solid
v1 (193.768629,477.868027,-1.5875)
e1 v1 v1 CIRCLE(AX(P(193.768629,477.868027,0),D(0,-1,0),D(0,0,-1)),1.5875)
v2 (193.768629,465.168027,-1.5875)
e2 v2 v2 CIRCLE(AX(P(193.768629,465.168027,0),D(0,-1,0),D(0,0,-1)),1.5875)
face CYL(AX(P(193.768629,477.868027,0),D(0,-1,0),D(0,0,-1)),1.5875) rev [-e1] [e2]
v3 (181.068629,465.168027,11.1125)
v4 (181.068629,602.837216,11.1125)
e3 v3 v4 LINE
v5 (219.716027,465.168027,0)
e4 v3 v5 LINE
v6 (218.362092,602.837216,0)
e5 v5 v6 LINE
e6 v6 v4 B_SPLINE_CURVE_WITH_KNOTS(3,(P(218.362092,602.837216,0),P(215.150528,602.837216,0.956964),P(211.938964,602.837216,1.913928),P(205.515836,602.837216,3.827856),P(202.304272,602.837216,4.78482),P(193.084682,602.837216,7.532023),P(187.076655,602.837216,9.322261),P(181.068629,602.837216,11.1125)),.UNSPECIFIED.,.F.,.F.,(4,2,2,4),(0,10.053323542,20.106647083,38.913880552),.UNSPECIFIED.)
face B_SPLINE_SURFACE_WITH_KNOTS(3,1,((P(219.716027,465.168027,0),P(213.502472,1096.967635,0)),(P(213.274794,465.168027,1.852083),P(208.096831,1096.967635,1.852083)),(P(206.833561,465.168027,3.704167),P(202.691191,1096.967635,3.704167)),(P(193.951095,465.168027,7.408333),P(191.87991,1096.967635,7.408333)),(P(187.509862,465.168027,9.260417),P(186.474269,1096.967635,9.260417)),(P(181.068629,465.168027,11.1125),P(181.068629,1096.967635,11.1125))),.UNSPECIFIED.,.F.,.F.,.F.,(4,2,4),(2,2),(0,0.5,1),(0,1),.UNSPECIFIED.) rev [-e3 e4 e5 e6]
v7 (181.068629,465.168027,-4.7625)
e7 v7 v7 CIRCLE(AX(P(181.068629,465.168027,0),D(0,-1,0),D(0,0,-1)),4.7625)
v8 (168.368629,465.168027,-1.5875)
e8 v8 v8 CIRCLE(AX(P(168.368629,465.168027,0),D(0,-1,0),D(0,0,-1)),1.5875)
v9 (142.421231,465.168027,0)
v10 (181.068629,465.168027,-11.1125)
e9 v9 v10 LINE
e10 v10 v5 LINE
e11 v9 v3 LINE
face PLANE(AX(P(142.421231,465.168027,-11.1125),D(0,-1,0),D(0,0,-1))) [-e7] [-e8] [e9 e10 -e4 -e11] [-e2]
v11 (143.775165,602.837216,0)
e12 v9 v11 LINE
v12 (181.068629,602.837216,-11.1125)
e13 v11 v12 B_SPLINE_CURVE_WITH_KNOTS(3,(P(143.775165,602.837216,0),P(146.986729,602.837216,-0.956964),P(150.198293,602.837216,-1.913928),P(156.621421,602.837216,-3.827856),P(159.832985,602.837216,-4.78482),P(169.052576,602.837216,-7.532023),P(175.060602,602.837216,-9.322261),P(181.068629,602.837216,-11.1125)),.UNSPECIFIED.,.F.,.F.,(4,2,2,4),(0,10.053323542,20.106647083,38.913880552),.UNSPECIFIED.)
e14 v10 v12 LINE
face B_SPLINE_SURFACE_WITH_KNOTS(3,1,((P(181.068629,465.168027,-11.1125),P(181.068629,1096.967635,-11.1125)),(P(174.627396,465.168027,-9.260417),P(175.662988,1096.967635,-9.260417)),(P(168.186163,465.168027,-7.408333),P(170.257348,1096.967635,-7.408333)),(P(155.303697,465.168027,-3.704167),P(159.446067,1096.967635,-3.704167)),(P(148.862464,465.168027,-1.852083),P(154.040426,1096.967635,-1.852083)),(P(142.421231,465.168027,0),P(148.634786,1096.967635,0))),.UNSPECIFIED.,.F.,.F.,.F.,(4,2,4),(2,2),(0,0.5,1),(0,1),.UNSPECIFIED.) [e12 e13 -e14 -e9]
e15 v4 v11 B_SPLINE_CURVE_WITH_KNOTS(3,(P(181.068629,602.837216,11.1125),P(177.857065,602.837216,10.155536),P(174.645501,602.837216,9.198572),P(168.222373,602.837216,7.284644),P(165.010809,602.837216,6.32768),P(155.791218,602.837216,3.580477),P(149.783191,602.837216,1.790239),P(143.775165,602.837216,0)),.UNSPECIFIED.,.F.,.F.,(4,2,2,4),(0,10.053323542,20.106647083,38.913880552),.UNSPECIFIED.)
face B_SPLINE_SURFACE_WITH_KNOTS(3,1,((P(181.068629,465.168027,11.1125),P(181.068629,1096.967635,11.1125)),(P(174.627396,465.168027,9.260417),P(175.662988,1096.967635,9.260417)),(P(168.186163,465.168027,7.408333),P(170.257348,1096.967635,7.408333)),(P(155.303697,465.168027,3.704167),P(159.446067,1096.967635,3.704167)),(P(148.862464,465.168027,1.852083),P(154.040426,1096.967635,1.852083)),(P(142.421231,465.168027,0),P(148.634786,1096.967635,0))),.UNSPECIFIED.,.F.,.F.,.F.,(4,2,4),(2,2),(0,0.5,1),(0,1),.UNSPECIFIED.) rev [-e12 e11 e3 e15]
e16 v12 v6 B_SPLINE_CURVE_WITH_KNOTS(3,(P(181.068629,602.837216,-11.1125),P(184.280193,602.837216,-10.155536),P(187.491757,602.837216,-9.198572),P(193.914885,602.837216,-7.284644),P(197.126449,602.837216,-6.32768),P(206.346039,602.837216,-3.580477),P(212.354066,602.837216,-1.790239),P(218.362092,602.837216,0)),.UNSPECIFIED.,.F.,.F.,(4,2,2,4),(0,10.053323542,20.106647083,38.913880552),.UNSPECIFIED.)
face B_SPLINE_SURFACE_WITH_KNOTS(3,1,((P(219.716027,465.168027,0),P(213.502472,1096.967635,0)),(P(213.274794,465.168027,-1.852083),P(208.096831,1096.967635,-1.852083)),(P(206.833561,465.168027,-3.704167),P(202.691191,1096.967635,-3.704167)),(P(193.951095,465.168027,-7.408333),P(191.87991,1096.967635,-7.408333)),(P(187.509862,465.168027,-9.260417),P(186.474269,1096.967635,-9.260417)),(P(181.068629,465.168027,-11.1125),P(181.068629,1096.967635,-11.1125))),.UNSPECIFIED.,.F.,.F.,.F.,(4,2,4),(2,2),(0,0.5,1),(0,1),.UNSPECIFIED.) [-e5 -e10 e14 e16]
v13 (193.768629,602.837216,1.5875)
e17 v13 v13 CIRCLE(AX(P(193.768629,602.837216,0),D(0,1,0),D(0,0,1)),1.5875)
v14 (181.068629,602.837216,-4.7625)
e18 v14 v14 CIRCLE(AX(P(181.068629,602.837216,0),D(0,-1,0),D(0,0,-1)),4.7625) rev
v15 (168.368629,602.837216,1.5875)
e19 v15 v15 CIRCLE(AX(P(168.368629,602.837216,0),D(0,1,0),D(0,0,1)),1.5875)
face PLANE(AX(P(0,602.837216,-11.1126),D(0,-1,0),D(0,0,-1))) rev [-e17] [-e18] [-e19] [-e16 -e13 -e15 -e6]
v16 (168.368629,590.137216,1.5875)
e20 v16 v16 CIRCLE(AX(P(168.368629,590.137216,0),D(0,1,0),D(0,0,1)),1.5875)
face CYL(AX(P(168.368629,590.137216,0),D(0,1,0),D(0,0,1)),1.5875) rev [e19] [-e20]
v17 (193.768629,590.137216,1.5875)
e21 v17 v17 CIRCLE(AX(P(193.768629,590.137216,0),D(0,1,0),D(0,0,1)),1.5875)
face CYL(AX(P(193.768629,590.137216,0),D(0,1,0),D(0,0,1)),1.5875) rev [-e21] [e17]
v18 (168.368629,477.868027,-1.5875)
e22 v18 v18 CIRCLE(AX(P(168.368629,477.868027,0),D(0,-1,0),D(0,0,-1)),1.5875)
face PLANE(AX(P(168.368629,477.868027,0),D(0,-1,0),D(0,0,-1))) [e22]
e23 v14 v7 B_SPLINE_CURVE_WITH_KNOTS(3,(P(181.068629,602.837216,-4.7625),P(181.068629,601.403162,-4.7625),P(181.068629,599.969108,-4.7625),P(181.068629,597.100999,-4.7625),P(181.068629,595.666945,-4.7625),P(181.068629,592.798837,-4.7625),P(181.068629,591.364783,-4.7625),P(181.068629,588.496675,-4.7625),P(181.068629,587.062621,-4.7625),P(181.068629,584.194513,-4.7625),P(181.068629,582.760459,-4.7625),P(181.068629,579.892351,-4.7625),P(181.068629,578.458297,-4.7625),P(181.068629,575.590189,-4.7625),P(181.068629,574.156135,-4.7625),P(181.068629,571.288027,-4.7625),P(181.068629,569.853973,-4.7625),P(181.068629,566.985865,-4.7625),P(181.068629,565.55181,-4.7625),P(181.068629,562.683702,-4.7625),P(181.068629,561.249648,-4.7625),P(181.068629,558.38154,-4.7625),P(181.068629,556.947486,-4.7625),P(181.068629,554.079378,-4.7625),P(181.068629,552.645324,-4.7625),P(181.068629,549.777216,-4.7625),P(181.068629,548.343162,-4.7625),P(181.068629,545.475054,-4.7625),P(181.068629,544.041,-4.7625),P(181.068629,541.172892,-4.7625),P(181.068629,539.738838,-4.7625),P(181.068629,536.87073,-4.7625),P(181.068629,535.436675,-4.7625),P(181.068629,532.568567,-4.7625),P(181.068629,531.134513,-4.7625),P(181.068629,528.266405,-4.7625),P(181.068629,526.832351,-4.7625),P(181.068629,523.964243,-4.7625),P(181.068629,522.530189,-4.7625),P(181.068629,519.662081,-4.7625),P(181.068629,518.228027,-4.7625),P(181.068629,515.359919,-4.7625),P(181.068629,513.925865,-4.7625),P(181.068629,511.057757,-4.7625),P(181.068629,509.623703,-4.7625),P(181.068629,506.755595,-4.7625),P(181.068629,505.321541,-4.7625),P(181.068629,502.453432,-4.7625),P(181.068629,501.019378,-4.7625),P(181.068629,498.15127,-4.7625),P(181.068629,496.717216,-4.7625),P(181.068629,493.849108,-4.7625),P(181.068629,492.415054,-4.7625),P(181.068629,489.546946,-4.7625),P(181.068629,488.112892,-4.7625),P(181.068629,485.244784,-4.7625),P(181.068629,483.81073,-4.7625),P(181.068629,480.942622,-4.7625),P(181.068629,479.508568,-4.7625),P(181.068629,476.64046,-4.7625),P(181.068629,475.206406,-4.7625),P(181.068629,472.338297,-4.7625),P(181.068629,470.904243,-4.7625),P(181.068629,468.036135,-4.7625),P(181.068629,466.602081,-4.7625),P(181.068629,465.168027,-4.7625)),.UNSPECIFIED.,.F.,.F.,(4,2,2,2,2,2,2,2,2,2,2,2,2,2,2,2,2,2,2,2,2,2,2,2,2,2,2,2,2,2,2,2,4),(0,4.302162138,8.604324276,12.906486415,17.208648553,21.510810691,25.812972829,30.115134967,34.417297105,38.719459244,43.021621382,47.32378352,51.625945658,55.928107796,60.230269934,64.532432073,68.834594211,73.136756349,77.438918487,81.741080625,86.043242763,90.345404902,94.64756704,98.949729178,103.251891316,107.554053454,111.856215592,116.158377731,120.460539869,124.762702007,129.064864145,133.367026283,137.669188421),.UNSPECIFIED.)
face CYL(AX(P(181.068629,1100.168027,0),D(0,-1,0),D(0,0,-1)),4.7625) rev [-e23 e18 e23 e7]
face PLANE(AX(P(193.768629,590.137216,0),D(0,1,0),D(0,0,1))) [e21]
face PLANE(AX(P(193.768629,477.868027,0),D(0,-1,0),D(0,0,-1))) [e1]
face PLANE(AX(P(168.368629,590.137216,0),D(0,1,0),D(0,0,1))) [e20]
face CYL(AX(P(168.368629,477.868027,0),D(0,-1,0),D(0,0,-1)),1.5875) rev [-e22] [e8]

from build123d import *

# Parameters (mm, degrees)
BOSS_EXTRUDE1_DEPTH      = 11.1125
BOSS_EXTRUDE1_DEPTH_BACK = 11.1125
SKETCH5_W                = 109.877468776
SKETCH5_H                = 283.051122129
CUT_EXTRUDE2_DEPTH       = 1193.492852366
SKETCH6_W                = 149.121482991
SKETCH6_H                = 108.921761737
CUT_EXTRUDE3_DEPTH       = 1175.662940665
SKETCH7_R                = 4.7625
CUT_EXTRUDE4_DEPTH       = 635
CUT_EXTRUDE5_DEPTH       = 1195.766301895
CUT_EXTRUDE5_DEPTH_BACK  = 1195.766301895
SKETCH8_W                = 149.774750394
SKETCH8_H                = 142.875
SKETCH8_H_2              = 176.125878949
SKETCH9_R                = 1.5875
CUT_EXTRUDE6_DEPTH       = 12.7
CUT_EXTRUDE7_START       = -12.7
SKETCH10_R               = 1.5875
CUT_EXTRUDE7_DEPTH       = 12.7


with BuildPart() as part:
    # Sketch1 → Boss-Extrude1 (new, two sides: drawn at the far end of the back side and taken through both)
    with BuildSketch(Plane.XY.offset(-BOSS_EXTRUDE1_DEPTH_BACK)):
        Polygon((142.42123069, 465.168027231), (219.716026672, 465.168027231), (213.502471629, 1096.967634552), (181.068628681, 1174.337215652), (148.634785732, 1096.967634552), align=None)
    extrude(amount=BOSS_EXTRUDE1_DEPTH + BOSS_EXTRUDE1_DEPTH_BACK)

    # Sketch2 → Cut-Loft1 section 0
    with BuildSketch(Plane.XZ.offset(-465.168027231)):
        with BuildLine():
            Line((142.42123069, 0), (181.068628681, 11.1125))
            Line((181.068628681, 11.1125), (219.716026672, 0))
            Line((219.716026672, 0), (222.70513775, 0))
            Line((222.70513775, 0), (222.70513775, 15.258366339))
            Line((222.70513775, 15.258366339), (137.848628215, 15.258366339))
            Line((137.848628215, 15.258366339), (137.848628215, 0))
            Line((137.848628215, 0), (142.42123069, 0))
        make_face()
    # Sketch3 → Cut-Loft1 section 1
    with BuildSketch(Plane(origin=(0, 1096.967634552, 0), x_dir=(1, 0, 0), z_dir=(0, 1, 0))):
        with BuildLine():
            Line((213.502471629, 0), (181.068628681, -11.1125))
            Line((181.068628681, -11.1125), (148.634785732, 0))
            Line((148.634785732, 0), (137.848628215, 0))
            Line((137.848628215, 0), (137.848628215, -15.258366339))
            Line((137.848628215, -15.258366339), (222.70513775, -15.258366339))
            Line((222.70513775, -15.258366339), (222.70513775, 0))
            Line((222.70513775, 0), (213.502471629, 0))
        make_face()
    cut_loft1 = loft(mode=Mode.SUBTRACT)

    # Mirror1: Cut-Loft1 across plane
    add(cut_loft1.mirror(Plane.XY), mode=Mode.SUBTRACT)

    # Sketch5 → Cut-Extrude2 (cut, through all)
    with BuildSketch(Plane(origin=(-32.103098407, 13.457832356, 93.698704331), x_dir=(0.9470206004067627, 0.045661094409327196, 0.31791043842968925), z_dir=(-0.3211728232668741, 0.1346377834927197, 0.937401026696127))):
        with Locations((219.349244299, 1139.303724701)):
            Rectangle(SKETCH5_W, SKETCH5_H)
    cut_extrude2 = extrude(amount=CUT_EXTRUDE2_DEPTH, mode=Mode.SUBTRACT)

    # Sketch6 → Cut-Extrude3 (cut, through all)
    with BuildSketch(Plane(origin=(69.458274406, 29.117370568, 202.726547902), x_dir=(0.9470206004067623, -0.045661094409327495, -0.31791043842969063), z_dir=(0.3211728232668754, 0.13463778349272, 0.9374010266961263))):
        with Locations((131.752816965, 1118.922251835)):
            Rectangle(SKETCH6_W, SKETCH6_H)
    cut_extrude3 = extrude(amount=CUT_EXTRUDE3_DEPTH, mode=Mode.SUBTRACT)

    # Mirror2: Cut-Extrude2, Cut-Extrude3 across plane
    add(cut_extrude2.mirror(Plane.XY), mode=Mode.SUBTRACT)
    add(cut_extrude3.mirror(Plane.XY), mode=Mode.SUBTRACT)

    # Sketch7 → Cut-Extrude4 (cut)
    with BuildSketch(Plane.XZ.offset(-465.168027231)):
        with Locations(Location((181.068628681, 0, 0), (0, 0, 270))):
            Circle(SKETCH7_R)
    extrude(amount=-CUT_EXTRUDE4_DEPTH, mode=Mode.SUBTRACT)

    # Sketch8 → Cut-Extrude5 (cut, two sides: drawn at the far end of the back side and taken through both)
    with BuildSketch(Plane.XY.offset(-CUT_EXTRUDE5_DEPTH_BACK)):
        with Locations((180.5976389, 674.274715652)):
            Rectangle(SKETCH8_W, SKETCH8_H)
        with Locations((180.5976389, 817.149715652)):
            Rectangle(SKETCH8_W, SKETCH8_H)
        with Locations((180.5976389, 960.024715652)):
            Rectangle(SKETCH8_W, SKETCH8_H)
        with Locations((180.5976389, 1119.525155127)):
            Rectangle(SKETCH8_W, SKETCH8_H_2)
    extrude(amount=CUT_EXTRUDE5_DEPTH + CUT_EXTRUDE5_DEPTH_BACK, mode=Mode.SUBTRACT)

    # Sketch9 → Cut-Extrude6 (cut)
    with BuildSketch(Plane.XZ.offset(-465.168027231)):
        with Locations(Location((168.368628681, 0, 0), (0, 0, 270))):
            Circle(SKETCH9_R)
        with Locations(Location((193.768628681, 0, 0), (0, 0, 270))):
            Circle(SKETCH9_R)
    extrude(amount=-CUT_EXTRUDE6_DEPTH, mode=Mode.SUBTRACT)

    # Sketch10 → Cut-Extrude7 (cut)
    with BuildSketch(Plane(origin=(0, 602.837215652, 0), x_dir=(1, 0, 0), z_dir=(0, 1, 0)).offset(CUT_EXTRUDE7_START)):
        with Locations(Location((168.368628681, 0, 0), (0, 0, 90))):
            Circle(SKETCH10_R)
        with Locations(Location((193.768628681, 0, 0), (0, 0, 90))):
            Circle(SKETCH10_R)
    extrude(amount=CUT_EXTRUDE7_DEPTH, mode=Mode.SUBTRACT)


solid = part.part
